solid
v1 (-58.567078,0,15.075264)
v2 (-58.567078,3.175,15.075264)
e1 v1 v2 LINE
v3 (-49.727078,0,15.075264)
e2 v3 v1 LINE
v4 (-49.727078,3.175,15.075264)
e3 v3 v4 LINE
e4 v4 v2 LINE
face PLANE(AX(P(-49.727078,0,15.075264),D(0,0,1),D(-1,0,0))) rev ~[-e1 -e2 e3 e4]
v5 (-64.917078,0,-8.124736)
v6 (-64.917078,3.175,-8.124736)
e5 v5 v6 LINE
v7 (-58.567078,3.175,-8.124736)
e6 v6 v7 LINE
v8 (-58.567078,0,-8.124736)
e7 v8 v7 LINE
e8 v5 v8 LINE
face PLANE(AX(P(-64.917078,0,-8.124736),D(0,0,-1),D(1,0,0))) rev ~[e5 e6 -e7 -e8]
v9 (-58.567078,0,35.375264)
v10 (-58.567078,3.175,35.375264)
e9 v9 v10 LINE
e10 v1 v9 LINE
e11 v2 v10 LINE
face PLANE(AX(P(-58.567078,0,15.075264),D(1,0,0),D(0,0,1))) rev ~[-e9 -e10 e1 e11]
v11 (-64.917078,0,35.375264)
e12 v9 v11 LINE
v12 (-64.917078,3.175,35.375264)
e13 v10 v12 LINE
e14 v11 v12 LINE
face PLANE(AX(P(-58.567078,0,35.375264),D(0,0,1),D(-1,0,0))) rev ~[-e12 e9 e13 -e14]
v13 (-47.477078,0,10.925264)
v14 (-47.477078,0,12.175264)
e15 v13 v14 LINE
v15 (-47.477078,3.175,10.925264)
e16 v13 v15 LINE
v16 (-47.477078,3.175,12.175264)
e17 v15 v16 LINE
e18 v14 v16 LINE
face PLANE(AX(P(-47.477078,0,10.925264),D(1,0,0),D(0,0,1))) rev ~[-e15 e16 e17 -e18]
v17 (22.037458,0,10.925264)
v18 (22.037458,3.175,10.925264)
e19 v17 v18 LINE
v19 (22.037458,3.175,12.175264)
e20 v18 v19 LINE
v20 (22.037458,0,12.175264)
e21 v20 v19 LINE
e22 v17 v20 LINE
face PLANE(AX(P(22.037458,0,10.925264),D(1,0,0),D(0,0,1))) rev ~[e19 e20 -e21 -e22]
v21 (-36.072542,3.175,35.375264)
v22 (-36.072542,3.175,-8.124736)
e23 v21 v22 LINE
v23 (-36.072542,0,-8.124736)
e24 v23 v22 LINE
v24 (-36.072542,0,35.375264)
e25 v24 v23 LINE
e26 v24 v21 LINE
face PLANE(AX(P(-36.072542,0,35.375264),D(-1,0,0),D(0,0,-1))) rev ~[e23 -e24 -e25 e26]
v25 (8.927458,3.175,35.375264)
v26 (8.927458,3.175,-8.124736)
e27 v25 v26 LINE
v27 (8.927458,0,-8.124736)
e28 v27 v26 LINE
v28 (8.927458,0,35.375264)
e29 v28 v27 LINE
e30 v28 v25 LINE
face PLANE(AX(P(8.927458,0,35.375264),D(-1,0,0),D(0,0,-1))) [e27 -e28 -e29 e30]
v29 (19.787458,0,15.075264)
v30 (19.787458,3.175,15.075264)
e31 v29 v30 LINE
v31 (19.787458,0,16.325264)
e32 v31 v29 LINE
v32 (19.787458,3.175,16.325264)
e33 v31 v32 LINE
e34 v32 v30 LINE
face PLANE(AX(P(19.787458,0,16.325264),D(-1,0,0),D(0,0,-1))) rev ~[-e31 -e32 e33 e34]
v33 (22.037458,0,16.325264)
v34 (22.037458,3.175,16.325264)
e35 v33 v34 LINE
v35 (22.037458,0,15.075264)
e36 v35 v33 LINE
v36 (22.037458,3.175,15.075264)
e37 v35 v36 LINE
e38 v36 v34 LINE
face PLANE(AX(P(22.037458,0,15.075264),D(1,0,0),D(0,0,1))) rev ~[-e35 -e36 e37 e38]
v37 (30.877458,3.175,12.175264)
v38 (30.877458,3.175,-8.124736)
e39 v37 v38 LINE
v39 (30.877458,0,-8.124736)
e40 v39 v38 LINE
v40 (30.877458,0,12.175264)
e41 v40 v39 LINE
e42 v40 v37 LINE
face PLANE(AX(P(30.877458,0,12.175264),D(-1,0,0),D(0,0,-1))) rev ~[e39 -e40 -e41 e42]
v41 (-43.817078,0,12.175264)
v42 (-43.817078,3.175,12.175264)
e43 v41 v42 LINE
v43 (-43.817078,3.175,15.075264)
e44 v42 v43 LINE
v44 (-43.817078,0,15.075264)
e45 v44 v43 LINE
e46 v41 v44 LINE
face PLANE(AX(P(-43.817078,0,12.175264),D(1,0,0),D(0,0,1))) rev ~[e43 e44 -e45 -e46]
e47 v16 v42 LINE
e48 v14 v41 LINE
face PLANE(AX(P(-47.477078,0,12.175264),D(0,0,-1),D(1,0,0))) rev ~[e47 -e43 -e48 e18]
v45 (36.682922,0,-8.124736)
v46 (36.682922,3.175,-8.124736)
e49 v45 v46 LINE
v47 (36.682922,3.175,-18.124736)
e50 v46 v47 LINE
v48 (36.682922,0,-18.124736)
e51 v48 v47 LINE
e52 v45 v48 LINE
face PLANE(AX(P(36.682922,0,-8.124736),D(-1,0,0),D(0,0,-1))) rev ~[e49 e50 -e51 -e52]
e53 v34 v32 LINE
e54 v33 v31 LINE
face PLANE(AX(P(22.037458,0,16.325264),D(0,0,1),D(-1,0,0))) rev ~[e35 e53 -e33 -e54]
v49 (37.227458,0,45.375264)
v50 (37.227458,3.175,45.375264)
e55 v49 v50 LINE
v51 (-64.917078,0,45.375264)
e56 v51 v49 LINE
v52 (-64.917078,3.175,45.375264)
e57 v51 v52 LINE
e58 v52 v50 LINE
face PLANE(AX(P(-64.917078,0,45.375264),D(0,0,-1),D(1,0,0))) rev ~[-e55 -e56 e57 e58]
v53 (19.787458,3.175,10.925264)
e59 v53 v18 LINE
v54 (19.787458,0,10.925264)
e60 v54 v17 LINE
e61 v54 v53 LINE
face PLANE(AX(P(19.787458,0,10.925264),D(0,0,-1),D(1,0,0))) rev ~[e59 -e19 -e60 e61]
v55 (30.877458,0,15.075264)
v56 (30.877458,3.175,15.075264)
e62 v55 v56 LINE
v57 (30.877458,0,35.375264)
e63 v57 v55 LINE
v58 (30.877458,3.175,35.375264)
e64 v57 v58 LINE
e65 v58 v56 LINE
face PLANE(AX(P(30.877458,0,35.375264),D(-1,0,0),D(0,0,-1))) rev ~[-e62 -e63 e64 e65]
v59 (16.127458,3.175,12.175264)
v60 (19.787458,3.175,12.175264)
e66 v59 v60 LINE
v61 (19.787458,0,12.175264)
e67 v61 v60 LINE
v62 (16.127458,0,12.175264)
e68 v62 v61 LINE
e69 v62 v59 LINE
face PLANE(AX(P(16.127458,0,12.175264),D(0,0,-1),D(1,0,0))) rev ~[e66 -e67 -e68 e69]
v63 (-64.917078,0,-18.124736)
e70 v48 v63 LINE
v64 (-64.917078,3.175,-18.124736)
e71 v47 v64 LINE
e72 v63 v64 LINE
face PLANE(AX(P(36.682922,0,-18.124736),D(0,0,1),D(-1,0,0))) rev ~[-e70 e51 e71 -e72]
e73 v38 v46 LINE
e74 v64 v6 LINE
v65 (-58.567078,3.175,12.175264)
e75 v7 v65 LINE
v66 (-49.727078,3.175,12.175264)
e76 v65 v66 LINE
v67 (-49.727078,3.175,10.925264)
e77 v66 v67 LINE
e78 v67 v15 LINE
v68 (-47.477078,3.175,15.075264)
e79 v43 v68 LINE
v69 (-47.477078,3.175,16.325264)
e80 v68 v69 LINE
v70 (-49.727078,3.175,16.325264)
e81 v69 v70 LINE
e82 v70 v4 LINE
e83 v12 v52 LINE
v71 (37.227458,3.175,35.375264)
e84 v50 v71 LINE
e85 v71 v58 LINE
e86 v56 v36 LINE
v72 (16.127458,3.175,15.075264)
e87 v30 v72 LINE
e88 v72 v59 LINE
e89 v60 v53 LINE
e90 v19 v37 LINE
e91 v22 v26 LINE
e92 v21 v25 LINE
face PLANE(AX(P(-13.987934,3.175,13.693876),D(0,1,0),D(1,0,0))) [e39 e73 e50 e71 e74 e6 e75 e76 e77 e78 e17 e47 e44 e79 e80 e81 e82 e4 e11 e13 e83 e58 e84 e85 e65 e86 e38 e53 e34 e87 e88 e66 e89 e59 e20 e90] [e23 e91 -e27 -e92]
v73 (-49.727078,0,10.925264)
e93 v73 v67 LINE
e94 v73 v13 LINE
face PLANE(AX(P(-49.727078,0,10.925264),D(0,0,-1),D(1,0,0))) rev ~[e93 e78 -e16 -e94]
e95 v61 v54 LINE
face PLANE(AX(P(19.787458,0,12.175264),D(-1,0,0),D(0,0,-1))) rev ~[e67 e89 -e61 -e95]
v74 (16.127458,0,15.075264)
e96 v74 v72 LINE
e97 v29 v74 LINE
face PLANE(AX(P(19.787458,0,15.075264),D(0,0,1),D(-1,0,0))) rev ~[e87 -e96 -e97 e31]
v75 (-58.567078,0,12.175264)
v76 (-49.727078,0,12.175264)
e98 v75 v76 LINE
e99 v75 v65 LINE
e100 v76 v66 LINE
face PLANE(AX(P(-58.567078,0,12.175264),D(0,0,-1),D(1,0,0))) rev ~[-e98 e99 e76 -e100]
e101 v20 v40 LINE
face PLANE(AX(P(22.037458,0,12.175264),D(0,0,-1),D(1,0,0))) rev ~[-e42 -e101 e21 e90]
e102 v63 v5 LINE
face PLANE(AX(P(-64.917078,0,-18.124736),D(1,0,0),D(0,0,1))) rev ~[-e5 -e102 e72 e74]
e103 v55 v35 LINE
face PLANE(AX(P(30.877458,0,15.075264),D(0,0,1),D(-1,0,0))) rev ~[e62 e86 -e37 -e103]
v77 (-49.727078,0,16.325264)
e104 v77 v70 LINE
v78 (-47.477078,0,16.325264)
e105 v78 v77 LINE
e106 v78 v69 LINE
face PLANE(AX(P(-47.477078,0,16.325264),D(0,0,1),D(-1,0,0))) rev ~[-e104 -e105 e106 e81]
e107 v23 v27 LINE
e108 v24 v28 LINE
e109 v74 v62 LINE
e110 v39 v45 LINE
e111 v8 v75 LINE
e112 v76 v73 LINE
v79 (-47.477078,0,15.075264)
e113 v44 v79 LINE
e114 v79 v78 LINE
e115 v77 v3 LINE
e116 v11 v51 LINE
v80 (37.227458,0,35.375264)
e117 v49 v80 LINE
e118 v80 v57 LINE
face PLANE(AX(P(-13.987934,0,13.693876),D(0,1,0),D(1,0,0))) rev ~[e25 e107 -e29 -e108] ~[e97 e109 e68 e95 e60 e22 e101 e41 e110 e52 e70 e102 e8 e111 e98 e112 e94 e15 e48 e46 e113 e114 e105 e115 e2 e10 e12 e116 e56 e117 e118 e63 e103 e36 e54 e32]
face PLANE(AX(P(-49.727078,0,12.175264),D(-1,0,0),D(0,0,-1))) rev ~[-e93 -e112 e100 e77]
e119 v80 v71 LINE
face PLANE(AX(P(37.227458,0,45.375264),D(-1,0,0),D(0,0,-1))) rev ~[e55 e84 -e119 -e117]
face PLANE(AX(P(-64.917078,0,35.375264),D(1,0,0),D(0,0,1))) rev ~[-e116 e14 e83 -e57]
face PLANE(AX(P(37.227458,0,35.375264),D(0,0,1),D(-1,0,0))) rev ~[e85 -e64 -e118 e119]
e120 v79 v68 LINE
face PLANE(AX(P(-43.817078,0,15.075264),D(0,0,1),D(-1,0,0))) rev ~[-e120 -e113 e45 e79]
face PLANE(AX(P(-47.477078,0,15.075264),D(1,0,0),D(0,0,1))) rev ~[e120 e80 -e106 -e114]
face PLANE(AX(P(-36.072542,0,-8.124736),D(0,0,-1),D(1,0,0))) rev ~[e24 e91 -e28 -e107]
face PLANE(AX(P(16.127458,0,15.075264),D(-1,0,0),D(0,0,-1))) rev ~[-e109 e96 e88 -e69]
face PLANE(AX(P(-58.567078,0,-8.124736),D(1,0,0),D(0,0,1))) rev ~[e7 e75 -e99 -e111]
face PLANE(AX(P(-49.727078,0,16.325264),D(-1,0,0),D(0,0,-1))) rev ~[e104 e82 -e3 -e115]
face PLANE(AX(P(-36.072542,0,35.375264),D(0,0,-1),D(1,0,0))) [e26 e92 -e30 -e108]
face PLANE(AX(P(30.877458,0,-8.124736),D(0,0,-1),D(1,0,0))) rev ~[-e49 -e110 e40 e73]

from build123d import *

# Parameters (mm, degrees)
SKETCH1_W      = 45
SKETCH1_H      = 43.5
EXTRUDE1_DEPTH = 3.175


with BuildPart() as part:
    # Sketch1 → Extrude1 (new body)
    with BuildSketch(Plane(origin=(0, 0, 0), x_dir=(1, 0, 0), z_dir=(0, 1, 0))):
        Polygon((37.227457893, -45.375264395), (37.227457893, -35.375264395), (30.877457893, -35.375264395), (30.877457893, -15.075264395), (22.037457893, -15.075264395), (22.037457893, -16.325264395), (19.787457893, -16.325264395), (19.787457893, -15.075264395), (16.127457893, -15.075264395), (16.127457893, -12.175264395), (19.787457893, -12.175264395), (19.787457893, -10.925264395), (22.037457893, -10.925264395), (22.037457893, -12.175264395), (30.877457893, -12.175264395), (30.877457893, 8.124735605), (36.682921964, 8.124735605), (36.682921964, 18.124735605), (-64.917078036, 18.124735605), (-64.917078036, 8.124735605), (-58.567078036, 8.124735605), (-58.567078036, -12.175264395), (-49.727078036, -12.175264395), (-49.727078036, -10.925264395), (-47.477078036, -10.925264395), (-47.477078036, -12.175264395), (-43.817078036, -12.175264395), (-43.817078036, -15.075264395), (-47.477078036, -15.075264395), (-47.477078036, -16.325264395), (-49.727078036, -16.325264395), (-49.727078036, -15.075264395), (-58.567078036, -15.075264395), (-58.567078036, -35.375264395), (-64.917078036, -35.375264395), (-64.917078036, -45.375264395), align=None)
        with Locations((-13.572542107, -13.625264395)):
            Rectangle(SKETCH1_W, SKETCH1_H, mode=Mode.SUBTRACT)
    extrude(amount=EXTRUDE1_DEPTH)


solid = part.part
